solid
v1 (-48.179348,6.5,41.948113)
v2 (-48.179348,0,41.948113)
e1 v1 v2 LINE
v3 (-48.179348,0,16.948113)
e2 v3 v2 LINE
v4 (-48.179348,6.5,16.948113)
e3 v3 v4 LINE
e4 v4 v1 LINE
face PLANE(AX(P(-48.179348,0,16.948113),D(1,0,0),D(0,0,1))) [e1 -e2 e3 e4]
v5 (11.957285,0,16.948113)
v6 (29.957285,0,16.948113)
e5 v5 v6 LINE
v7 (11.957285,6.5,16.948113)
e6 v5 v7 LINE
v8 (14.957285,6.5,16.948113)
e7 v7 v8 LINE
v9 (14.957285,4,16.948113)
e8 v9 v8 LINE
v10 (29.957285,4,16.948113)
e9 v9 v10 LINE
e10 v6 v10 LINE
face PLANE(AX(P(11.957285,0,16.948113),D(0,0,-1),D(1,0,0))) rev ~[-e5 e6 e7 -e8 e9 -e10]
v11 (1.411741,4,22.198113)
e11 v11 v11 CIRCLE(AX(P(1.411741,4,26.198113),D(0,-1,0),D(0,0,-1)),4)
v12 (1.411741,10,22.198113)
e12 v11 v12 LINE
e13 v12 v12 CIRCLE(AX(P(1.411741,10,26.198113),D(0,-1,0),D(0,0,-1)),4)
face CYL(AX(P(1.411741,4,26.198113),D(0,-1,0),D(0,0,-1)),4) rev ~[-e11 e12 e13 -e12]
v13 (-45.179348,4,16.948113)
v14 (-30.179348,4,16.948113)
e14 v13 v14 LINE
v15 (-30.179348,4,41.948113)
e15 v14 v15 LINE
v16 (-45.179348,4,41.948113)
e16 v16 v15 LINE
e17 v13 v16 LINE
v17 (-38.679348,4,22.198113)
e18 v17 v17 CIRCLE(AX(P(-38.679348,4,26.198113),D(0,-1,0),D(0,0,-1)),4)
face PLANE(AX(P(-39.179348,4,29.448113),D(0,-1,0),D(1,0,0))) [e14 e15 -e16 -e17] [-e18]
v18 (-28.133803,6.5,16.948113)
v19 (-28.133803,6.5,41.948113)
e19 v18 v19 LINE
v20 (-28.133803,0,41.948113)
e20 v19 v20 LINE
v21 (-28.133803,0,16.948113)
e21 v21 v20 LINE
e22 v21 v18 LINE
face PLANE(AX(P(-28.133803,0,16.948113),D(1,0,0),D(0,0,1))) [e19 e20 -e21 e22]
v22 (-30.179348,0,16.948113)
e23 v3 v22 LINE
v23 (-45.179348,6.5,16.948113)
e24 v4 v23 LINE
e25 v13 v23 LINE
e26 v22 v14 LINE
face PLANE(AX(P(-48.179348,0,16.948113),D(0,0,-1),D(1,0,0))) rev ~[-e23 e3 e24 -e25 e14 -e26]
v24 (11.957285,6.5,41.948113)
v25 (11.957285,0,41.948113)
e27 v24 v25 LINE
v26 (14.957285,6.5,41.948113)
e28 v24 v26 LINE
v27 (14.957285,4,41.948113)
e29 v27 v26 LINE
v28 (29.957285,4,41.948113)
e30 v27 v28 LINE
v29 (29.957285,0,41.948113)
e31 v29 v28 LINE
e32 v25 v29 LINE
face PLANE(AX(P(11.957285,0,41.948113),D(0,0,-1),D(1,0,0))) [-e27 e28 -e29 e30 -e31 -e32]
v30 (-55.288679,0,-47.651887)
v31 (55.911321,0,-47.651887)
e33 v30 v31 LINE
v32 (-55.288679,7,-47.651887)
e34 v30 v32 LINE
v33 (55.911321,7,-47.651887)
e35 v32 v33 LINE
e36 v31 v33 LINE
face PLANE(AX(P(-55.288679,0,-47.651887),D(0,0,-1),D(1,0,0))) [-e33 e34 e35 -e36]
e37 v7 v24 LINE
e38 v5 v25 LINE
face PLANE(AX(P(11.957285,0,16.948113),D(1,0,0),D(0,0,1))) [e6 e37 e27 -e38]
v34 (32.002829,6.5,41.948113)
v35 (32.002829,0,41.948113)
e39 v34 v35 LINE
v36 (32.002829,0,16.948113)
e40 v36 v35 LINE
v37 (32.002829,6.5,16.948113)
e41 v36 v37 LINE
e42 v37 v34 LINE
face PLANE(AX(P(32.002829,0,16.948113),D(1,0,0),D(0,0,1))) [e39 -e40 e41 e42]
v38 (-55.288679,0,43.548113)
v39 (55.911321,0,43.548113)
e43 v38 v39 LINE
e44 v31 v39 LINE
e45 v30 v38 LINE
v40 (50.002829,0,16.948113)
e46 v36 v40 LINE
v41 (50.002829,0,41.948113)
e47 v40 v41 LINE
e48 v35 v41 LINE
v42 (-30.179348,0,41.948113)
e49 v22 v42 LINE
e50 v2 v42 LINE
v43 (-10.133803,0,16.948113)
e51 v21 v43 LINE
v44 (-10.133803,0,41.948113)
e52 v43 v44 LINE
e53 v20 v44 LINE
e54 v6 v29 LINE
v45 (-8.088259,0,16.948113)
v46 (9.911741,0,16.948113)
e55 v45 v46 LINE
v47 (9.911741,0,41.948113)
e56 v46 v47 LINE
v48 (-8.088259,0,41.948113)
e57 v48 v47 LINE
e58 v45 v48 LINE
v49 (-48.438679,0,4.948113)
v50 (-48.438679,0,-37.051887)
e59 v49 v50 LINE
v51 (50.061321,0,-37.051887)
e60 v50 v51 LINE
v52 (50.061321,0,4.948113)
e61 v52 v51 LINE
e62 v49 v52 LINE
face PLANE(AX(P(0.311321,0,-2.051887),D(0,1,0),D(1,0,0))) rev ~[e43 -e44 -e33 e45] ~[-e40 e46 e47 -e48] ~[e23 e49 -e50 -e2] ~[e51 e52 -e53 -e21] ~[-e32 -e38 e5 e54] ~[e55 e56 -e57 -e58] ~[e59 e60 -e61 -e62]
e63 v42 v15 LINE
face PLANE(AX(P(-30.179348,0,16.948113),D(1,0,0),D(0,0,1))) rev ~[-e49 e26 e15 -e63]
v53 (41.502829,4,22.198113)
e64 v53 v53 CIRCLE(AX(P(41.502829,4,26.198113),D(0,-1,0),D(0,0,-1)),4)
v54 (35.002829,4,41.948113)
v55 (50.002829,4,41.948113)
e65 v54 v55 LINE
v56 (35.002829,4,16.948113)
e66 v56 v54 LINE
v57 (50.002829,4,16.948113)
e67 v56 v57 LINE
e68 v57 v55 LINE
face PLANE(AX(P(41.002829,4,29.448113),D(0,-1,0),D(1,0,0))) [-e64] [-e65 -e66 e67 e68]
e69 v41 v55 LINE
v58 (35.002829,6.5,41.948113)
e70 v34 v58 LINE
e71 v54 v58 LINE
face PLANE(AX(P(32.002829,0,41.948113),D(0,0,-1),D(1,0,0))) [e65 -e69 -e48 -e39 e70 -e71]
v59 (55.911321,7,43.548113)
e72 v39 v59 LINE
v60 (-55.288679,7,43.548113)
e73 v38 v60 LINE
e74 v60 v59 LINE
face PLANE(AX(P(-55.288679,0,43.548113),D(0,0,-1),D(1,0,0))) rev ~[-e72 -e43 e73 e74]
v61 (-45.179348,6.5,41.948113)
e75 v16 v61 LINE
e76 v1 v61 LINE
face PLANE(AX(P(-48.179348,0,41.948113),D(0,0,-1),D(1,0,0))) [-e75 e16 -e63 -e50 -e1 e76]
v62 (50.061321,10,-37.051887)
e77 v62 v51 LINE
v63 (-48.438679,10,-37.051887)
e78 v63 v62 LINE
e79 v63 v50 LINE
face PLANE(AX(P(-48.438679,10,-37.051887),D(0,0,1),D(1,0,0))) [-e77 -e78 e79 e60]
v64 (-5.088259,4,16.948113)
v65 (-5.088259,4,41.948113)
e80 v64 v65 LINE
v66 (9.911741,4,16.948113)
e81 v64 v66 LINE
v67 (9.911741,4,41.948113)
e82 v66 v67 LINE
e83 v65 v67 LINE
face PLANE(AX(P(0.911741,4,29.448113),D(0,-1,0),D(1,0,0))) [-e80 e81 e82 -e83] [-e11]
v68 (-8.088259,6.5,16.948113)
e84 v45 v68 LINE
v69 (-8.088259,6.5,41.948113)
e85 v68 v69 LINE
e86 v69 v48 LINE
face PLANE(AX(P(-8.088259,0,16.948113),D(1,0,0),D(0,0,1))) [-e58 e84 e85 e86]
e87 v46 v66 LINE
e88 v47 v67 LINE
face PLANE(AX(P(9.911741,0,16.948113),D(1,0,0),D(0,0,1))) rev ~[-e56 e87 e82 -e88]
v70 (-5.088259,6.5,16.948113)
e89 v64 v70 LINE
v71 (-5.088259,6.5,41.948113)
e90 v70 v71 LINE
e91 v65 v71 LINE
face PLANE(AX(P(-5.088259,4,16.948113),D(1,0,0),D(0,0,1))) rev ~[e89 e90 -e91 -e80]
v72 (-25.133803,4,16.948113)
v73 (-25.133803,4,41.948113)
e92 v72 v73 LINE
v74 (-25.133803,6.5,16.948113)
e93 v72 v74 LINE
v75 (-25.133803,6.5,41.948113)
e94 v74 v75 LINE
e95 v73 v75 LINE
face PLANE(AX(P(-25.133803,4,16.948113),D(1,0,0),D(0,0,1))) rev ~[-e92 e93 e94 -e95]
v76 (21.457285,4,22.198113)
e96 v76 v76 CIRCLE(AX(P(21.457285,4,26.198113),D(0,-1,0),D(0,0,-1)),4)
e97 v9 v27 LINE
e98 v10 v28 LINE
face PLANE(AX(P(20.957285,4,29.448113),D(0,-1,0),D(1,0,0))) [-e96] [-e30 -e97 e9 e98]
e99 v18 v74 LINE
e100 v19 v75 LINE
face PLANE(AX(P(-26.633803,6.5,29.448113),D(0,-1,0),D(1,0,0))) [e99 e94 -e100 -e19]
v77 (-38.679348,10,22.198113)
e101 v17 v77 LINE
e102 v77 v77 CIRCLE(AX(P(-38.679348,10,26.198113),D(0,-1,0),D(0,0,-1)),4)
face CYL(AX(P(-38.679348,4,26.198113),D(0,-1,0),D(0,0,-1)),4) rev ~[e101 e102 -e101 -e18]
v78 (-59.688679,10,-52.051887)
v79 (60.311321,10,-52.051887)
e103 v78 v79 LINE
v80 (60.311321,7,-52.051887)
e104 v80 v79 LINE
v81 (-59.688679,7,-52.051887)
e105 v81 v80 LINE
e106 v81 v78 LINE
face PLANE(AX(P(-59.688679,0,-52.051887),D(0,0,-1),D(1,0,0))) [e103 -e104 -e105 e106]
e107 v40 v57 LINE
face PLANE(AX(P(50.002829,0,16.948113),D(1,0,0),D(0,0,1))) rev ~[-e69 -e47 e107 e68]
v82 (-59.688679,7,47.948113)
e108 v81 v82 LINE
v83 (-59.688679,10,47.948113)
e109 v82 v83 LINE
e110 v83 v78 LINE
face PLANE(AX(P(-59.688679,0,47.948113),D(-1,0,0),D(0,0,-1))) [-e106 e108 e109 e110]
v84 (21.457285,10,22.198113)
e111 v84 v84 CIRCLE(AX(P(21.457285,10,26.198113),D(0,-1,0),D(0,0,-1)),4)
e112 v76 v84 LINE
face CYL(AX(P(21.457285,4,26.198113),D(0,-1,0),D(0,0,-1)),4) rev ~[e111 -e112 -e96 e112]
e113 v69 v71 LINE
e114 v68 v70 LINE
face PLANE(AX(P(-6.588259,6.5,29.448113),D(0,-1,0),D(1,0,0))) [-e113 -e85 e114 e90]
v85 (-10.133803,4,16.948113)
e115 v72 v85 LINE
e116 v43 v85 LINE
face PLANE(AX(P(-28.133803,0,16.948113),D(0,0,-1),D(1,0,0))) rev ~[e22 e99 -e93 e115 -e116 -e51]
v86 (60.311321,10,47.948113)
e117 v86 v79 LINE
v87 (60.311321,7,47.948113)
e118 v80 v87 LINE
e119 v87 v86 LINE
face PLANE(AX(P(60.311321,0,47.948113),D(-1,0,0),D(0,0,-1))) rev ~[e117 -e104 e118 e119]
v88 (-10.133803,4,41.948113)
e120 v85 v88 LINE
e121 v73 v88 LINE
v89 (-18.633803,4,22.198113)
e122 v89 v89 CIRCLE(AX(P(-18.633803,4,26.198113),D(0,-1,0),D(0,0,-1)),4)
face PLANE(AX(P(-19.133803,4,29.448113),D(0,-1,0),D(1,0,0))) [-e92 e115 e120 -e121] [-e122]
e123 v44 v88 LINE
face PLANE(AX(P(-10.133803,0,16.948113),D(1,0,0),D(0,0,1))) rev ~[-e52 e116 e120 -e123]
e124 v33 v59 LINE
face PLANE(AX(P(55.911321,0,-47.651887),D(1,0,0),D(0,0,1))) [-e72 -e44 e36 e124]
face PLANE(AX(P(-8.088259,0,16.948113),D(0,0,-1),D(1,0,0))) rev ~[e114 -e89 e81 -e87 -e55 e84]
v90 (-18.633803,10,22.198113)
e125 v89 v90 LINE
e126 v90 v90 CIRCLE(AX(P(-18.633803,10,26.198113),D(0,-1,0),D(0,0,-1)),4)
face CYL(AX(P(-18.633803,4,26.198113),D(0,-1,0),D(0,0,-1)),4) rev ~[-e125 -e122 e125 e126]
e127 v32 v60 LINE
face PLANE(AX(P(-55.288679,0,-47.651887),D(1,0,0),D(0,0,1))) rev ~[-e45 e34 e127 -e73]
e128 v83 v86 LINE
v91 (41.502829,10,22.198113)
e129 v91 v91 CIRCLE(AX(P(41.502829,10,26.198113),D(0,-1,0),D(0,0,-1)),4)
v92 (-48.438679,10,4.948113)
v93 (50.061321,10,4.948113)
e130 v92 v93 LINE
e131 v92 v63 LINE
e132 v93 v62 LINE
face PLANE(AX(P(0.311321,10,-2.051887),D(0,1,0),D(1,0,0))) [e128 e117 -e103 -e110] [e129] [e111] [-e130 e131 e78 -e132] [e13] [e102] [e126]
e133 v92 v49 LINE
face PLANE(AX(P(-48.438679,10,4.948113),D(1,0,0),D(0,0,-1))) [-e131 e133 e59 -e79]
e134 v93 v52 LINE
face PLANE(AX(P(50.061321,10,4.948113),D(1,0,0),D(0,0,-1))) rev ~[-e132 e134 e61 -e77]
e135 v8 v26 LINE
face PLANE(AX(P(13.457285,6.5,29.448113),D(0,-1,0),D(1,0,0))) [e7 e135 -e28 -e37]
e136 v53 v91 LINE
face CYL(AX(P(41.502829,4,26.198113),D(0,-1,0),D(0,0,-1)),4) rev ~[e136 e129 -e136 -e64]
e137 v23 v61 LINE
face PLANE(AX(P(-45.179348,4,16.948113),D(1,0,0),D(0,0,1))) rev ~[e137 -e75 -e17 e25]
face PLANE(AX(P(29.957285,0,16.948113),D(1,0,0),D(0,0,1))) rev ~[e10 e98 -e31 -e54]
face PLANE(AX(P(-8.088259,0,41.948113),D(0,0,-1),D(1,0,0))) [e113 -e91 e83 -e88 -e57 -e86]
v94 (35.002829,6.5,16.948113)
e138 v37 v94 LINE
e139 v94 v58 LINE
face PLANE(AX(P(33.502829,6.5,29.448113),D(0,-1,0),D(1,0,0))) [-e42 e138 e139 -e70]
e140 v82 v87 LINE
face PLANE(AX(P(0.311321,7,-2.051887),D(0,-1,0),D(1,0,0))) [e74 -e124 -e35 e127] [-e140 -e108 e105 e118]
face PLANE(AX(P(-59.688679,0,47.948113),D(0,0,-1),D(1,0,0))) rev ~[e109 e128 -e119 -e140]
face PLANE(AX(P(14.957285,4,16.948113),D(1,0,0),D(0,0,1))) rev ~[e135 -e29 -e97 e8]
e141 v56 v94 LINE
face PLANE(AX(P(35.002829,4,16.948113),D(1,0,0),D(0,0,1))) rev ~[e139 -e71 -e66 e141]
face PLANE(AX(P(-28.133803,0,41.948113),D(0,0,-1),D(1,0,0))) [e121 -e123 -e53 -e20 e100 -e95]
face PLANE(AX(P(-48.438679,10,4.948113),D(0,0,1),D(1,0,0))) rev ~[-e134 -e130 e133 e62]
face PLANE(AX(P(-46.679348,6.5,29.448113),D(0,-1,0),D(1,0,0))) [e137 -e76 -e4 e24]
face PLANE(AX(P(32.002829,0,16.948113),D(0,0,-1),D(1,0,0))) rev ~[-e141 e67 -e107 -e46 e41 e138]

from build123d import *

# Parameters (mm, degrees)
SKETCH1_W           = 120
SKETCH1_H           = 100
BOSS_EXTRUDE1_DEPTH = 10
SKETCH2_W           = 98.5
SKETCH2_H           = 42
CUT_EXTRUDE1_DEPTH  = 10
SKETCH3_W           = 120
SKETCH3_H           = 100
SKETCH3_W_2         = 111.2
SKETCH3_H_2         = 91.2
CUT_EXTRUDE3_DEPTH  = 7
SKETCH4_W           = 18
SKETCH4_H           = 25
CUT_EXTRUDE4_DEPTH  = 4
SKETCH5_W           = 3
SKETCH5_H           = 25
CUT_EXTRUDE6_DEPTH  = 2.5
SKETCH6_R           = 4
CUT_EXTRUDE12_DEPTH = 80.892767694


with BuildPart() as part:
    # Sketch1 → Boss-Extrude1 (new body)
    with BuildSketch(Plane(origin=(0, 0, 0), x_dir=(1, 0, 0), z_dir=(0, 1, 0))):
        with Locations((0.311320755, 2.051886792)):
            Rectangle(SKETCH1_W, SKETCH1_H)
    extrude(amount=BOSS_EXTRUDE1_DEPTH)

    # Sketch2 → Cut-Extrude1 (cut)
    with BuildSketch(Plane(origin=(0, 10, 0), x_dir=(1, 0, 0), z_dir=(0, 1, 0))):
        with Locations((0.811320755, 16.051886792)):
            Rectangle(SKETCH2_W, SKETCH2_H)
    extrude(amount=-CUT_EXTRUDE1_DEPTH, mode=Mode.SUBTRACT)

    # Sketch3 → Cut-Extrude3 (cut)
    with BuildSketch(Plane.XZ):
        with Locations((0.311320755, -2.051886792)):
            Rectangle(SKETCH3_W, SKETCH3_H)
        with Locations((0.311320755, -2.051886792)):
            Rectangle(SKETCH3_W_2, SKETCH3_H_2, mode=Mode.SUBTRACT)
    extrude(amount=-CUT_EXTRUDE3_DEPTH, mode=Mode.SUBTRACT)

    # Sketch4 → Cut-Extrude4 (cut)
    with BuildSketch(Plane.XZ):
        with Locations((-39.17934754, 29.448113208)):
            Rectangle(SKETCH4_W, SKETCH4_H)
        with Locations((-19.133803456, 29.448113208)):
            Rectangle(SKETCH4_W, SKETCH4_H)
        with Locations((0.911740628, 29.448113208)):
            Rectangle(SKETCH4_W, SKETCH4_H)
        with Locations((20.957284712, 29.448113208)):
            Rectangle(SKETCH4_W, SKETCH4_H)
        with Locations((41.002828796, 29.448113208)):
            Rectangle(SKETCH4_W, SKETCH4_H)
    extrude(amount=-CUT_EXTRUDE4_DEPTH, mode=Mode.SUBTRACT)

    # Sketch5 → Cut-Extrude6 (cut)
    with BuildSketch(Plane.XZ.offset(-4)):
        with Locations((33.502828796, 29.448113208)):
            Rectangle(SKETCH5_W, SKETCH5_H)
        with Locations((13.457284712, 29.448113208)):
            Rectangle(SKETCH5_W, SKETCH5_H)
        with Locations((-6.588259372, 29.448113208)):
            Rectangle(SKETCH5_W, SKETCH5_H)
        with Locations((-26.633803456, 29.448113208)):
            Rectangle(SKETCH5_W, SKETCH5_H)
        with Locations((-46.67934754, 29.448113208)):
            Rectangle(SKETCH5_W, SKETCH5_H)
    extrude(amount=-CUT_EXTRUDE6_DEPTH, mode=Mode.SUBTRACT)

    # Sketch6 → Cut-Extrude12 (cut, through all)
    with BuildSketch(Plane.XZ.offset(-4)):
        with Locations(Location((41.502828796, 26.198113208, 0), (0, 0, 270))):
            Circle(SKETCH6_R)
        with Locations(Location((21.457284712, 26.198113208, 0), (0, 0, 270))):
            Circle(SKETCH6_R)
        with Locations(Location((1.411740628, 26.198113208, 0), (0, 0, 270))):
            Circle(SKETCH6_R)
        with Locations(Location((-18.633803456, 26.198113208, 0), (0, 0, 270))):
            Circle(SKETCH6_R)
        with Locations(Location((-38.67934754, 26.198113208, 0), (0, 0, 270))):
            Circle(SKETCH6_R)
    extrude(amount=-CUT_EXTRUDE12_DEPTH, mode=Mode.SUBTRACT)


solid = part.part
